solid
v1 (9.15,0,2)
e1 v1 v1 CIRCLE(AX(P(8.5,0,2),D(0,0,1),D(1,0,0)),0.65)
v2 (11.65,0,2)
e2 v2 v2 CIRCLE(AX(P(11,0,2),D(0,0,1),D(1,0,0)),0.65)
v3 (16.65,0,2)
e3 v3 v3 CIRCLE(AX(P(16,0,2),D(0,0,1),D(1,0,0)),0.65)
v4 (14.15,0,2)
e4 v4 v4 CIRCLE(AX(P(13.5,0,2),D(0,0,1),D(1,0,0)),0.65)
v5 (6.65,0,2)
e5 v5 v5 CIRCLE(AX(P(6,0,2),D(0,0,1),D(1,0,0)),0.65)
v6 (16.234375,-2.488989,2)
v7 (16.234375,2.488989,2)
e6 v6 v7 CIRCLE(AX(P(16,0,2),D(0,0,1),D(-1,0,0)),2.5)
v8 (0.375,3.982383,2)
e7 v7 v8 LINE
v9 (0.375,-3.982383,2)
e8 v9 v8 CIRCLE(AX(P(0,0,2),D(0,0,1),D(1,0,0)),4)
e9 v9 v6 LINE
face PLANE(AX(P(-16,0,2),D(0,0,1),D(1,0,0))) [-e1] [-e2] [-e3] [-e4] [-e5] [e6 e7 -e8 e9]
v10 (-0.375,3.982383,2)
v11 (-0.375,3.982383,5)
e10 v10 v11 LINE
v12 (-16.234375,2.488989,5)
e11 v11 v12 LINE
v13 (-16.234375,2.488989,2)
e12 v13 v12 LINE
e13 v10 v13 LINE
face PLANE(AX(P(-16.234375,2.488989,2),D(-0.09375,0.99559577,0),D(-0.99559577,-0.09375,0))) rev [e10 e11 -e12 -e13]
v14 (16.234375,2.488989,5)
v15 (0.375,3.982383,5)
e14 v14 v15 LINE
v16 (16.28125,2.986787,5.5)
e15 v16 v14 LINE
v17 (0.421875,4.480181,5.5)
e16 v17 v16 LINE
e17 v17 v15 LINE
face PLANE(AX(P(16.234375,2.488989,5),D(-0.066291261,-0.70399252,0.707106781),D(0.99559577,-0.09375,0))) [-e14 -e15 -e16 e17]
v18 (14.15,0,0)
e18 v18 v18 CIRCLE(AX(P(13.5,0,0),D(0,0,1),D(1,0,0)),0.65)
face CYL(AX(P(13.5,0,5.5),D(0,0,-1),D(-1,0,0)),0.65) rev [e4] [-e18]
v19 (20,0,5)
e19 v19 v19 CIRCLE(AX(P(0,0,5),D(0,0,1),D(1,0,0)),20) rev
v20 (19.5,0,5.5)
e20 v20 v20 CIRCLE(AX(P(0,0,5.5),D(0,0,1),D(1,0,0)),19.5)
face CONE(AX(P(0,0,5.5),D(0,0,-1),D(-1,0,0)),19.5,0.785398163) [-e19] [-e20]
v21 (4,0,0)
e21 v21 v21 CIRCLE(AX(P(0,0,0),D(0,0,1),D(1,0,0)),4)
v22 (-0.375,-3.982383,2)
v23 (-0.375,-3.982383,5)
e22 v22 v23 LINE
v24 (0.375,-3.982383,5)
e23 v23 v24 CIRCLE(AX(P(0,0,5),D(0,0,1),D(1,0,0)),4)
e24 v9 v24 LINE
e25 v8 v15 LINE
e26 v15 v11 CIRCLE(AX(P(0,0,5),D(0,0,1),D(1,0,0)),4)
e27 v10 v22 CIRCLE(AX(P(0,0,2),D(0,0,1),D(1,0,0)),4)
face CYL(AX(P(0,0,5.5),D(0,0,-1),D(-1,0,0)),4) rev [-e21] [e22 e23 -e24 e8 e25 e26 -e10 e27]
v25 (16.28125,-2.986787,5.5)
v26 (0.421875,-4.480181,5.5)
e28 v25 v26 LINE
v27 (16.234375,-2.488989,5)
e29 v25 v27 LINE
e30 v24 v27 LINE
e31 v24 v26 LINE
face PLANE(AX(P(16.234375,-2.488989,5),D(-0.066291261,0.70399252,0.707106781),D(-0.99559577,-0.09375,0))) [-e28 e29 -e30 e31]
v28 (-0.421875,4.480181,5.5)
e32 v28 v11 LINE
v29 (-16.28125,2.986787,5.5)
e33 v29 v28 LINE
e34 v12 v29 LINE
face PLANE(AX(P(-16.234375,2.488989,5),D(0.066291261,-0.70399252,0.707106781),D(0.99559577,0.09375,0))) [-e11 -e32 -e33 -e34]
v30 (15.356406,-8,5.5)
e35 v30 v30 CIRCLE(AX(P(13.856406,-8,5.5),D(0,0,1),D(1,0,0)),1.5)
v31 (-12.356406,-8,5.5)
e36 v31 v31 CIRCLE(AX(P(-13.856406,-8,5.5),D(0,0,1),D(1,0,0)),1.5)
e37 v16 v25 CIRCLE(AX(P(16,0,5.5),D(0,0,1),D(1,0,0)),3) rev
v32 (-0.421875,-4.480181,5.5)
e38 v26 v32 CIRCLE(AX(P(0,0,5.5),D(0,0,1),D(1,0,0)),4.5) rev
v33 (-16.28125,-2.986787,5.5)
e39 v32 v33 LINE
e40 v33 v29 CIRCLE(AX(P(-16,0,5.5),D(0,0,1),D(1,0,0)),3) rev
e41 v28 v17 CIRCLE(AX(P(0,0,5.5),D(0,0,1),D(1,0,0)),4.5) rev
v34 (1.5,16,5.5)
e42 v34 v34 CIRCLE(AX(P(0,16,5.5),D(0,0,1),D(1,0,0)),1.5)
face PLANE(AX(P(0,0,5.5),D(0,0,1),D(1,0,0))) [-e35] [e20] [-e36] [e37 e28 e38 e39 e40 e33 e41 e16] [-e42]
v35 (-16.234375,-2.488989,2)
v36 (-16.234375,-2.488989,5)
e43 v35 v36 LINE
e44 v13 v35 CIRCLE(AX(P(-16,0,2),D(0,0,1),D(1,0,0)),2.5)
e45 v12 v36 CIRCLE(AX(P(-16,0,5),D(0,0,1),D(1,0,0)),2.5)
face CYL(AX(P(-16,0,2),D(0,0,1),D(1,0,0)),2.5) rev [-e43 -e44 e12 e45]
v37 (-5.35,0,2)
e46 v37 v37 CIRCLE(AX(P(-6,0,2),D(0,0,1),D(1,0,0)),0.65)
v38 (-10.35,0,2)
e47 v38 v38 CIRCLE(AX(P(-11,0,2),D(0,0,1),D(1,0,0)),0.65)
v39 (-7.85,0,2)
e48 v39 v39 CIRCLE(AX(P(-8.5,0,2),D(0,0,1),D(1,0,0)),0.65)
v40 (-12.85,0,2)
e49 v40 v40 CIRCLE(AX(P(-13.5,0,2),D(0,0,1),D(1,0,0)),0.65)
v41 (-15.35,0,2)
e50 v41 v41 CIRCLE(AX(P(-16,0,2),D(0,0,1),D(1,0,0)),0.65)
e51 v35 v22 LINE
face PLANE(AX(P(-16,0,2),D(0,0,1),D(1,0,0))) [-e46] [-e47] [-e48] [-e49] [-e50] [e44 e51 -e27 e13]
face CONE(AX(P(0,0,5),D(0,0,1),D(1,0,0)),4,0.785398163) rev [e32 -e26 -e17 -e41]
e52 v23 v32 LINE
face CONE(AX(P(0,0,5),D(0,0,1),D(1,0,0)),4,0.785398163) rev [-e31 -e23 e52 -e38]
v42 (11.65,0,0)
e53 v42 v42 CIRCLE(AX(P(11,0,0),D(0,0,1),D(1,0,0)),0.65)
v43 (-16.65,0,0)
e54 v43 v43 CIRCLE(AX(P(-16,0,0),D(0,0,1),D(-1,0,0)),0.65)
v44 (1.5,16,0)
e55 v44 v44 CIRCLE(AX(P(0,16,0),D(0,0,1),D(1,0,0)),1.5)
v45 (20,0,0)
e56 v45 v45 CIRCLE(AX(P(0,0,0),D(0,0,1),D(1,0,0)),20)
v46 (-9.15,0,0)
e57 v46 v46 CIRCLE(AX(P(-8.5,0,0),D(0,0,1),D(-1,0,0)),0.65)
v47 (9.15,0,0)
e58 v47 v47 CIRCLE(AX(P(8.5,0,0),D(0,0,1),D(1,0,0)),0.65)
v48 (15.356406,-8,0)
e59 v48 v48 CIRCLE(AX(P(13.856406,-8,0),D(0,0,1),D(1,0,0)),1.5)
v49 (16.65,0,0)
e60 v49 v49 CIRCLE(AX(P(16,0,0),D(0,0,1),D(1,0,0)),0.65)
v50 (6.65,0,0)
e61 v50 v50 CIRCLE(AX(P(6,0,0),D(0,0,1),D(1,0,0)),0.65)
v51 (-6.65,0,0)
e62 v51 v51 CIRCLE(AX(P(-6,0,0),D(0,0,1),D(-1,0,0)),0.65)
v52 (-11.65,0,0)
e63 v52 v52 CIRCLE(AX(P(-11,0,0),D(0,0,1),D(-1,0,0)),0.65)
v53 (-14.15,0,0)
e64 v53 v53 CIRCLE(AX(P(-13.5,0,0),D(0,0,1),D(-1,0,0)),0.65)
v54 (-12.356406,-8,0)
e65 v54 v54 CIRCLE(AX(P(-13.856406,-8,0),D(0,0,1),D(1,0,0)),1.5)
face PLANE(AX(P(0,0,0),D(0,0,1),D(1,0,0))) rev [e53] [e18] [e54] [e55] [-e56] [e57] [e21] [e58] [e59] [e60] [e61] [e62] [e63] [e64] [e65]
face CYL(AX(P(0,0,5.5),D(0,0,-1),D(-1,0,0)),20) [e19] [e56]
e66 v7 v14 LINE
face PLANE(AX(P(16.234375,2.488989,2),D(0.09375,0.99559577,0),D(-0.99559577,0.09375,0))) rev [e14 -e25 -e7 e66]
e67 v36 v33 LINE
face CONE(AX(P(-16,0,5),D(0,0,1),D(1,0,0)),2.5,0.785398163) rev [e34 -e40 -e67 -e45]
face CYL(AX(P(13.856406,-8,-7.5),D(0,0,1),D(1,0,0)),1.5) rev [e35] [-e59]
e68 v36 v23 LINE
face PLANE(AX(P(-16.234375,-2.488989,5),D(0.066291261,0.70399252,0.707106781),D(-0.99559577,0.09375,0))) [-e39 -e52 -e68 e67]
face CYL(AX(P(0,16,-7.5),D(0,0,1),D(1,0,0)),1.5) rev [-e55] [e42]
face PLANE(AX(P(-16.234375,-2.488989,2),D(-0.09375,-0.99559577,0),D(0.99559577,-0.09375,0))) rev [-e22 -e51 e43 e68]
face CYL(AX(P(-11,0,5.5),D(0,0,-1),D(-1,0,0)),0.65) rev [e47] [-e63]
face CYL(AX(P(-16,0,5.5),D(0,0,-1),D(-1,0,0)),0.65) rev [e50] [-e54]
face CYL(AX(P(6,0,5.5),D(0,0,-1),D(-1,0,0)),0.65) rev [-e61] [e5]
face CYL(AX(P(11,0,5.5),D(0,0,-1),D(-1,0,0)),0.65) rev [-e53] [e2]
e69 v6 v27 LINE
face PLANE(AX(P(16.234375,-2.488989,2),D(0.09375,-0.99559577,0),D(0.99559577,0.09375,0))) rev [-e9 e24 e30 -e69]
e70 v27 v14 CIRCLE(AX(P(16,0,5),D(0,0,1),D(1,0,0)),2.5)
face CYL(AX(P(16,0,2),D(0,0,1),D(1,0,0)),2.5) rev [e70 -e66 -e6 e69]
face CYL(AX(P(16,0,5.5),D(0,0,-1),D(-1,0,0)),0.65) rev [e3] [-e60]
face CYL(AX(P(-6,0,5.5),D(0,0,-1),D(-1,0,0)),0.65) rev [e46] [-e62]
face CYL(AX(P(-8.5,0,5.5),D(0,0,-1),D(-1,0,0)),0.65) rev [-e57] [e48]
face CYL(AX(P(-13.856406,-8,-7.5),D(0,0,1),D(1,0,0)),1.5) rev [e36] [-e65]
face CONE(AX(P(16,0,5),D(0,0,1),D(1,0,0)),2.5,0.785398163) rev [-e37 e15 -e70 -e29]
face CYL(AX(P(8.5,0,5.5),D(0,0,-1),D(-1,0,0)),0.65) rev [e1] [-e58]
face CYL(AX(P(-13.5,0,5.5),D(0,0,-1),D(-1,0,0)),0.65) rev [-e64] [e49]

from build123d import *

# Parameters (mm, degrees)
SKETCH_1_R          = 20
SKETCH_1_R_2        = 4
SKETCH_1_R_3        = 0.65
EXTRUDE_1_DEPTH     = 5.5
CUT_EXTRUDE_START   = -3.5
CUT_EXTRUDE_1_DEPTH = 3.5
SKETCH_3_R          = 1.5
CUT_EXTRUDE_2_DEPTH = 13
CHAMFER_1_SIZE      = 0.5
CHAMFER_2_SIZE      = 0.5


with BuildPart() as part:
    # 草图1 → 凸台-拉伸1 (new body)
    with BuildSketch(Plane.XY):
        Circle(SKETCH_1_R)
        Circle(SKETCH_1_R_2, mode=Mode.SUBTRACT)
        with Locations((6, 0)):
            Circle(SKETCH_1_R_3, mode=Mode.SUBTRACT)
        with Locations((8.5, 0)):
            Circle(SKETCH_1_R_3, mode=Mode.SUBTRACT)
        with Locations((11, 0)):
            Circle(SKETCH_1_R_3, mode=Mode.SUBTRACT)
        with Locations((13.5, 0)):
            Circle(SKETCH_1_R_3, mode=Mode.SUBTRACT)
        with Locations((16, 0)):
            Circle(SKETCH_1_R_3, mode=Mode.SUBTRACT)
        with Locations(Location((-16, 0, 0), (0, 0, 180))):
            Circle(SKETCH_1_R_3, mode=Mode.SUBTRACT)
        with Locations(Location((-13.5, 0, 0), (0, 0, 180))):
            Circle(SKETCH_1_R_3, mode=Mode.SUBTRACT)
        with Locations(Location((-11, 0, 0), (0, 0, 180))):
            Circle(SKETCH_1_R_3, mode=Mode.SUBTRACT)
        with Locations(Location((-8.5, 0, 0), (0, 0, 180))):
            Circle(SKETCH_1_R_3, mode=Mode.SUBTRACT)
        with Locations(Location((-6, 0, 0), (0, 0, 180))):
            Circle(SKETCH_1_R_3, mode=Mode.SUBTRACT)
    extrude(amount=EXTRUDE_1_DEPTH)

    # 草图2 → 切除-拉伸1 (cut)
    with BuildSketch(Plane.XY.offset(5.5).offset(CUT_EXTRUDE_START)):
        with BuildLine():
            Line((-16.234375, 2.488989425), (-0.375, 3.982383081))
            ThreePointArc((-0.375, 3.982383081), (0, 4), (0.375, 3.982383081))
            Line((0.375, 3.982383081), (16.234375, 2.488989425))
            ThreePointArc((16.234375, 2.488989425), (18.5, 0), (16.234375, -2.488989425))
            Line((16.234375, -2.488989425), (0.375, -3.982383081))
            ThreePointArc((0.375, -3.982383081), (0, -4), (-0.375, -3.982383081))
            Line((-0.375, -3.982383081), (-16.234375, -2.488989425))
            ThreePointArc((-16.234375, -2.488989425), (-18.5, 0), (-16.234375, 2.488989425))
        make_face()
    extrude(amount=CUT_EXTRUDE_1_DEPTH, mode=Mode.SUBTRACT)

    # 草图3 → 切除-拉伸2 (cut)
    with BuildSketch(Plane.XY.offset(5.5)):
        with Locations((0, 16)):
            Circle(SKETCH_3_R)
        with Locations((13.856406461, -8)):
            Circle(SKETCH_3_R)
        with Locations((-13.856406461, -8)):
            Circle(SKETCH_3_R)
    extrude(amount=-CUT_EXTRUDE_2_DEPTH, mode=Mode.SUBTRACT)

    # 倒角1
    chamfer_1_edges = [part.edges().sort_by_distance(p)[0] for p in [
        (-20, 0, 5.5),
    ]]
    chamfer(chamfer_1_edges, length=CHAMFER_1_SIZE)

    # 倒角2
    chamfer_2_edges = [part.edges().sort_by_distance(p)[0] for p in [
        (0, 4, 5.5),
        (0, -4, 5.5),
        (-8.3046875, 3.235686253, 5.5),
        (-18.5, 0, 5.5),
        (-8.3046875, -3.235686253, 5.5),
        (8.3046875, -3.235686253, 5.5),
        (18.5, 0, 5.5),
        (8.3046875, 3.235686253, 5.5),
    ]]
    chamfer(chamfer_2_edges, length=CHAMFER_2_SIZE)


solid = part.part
